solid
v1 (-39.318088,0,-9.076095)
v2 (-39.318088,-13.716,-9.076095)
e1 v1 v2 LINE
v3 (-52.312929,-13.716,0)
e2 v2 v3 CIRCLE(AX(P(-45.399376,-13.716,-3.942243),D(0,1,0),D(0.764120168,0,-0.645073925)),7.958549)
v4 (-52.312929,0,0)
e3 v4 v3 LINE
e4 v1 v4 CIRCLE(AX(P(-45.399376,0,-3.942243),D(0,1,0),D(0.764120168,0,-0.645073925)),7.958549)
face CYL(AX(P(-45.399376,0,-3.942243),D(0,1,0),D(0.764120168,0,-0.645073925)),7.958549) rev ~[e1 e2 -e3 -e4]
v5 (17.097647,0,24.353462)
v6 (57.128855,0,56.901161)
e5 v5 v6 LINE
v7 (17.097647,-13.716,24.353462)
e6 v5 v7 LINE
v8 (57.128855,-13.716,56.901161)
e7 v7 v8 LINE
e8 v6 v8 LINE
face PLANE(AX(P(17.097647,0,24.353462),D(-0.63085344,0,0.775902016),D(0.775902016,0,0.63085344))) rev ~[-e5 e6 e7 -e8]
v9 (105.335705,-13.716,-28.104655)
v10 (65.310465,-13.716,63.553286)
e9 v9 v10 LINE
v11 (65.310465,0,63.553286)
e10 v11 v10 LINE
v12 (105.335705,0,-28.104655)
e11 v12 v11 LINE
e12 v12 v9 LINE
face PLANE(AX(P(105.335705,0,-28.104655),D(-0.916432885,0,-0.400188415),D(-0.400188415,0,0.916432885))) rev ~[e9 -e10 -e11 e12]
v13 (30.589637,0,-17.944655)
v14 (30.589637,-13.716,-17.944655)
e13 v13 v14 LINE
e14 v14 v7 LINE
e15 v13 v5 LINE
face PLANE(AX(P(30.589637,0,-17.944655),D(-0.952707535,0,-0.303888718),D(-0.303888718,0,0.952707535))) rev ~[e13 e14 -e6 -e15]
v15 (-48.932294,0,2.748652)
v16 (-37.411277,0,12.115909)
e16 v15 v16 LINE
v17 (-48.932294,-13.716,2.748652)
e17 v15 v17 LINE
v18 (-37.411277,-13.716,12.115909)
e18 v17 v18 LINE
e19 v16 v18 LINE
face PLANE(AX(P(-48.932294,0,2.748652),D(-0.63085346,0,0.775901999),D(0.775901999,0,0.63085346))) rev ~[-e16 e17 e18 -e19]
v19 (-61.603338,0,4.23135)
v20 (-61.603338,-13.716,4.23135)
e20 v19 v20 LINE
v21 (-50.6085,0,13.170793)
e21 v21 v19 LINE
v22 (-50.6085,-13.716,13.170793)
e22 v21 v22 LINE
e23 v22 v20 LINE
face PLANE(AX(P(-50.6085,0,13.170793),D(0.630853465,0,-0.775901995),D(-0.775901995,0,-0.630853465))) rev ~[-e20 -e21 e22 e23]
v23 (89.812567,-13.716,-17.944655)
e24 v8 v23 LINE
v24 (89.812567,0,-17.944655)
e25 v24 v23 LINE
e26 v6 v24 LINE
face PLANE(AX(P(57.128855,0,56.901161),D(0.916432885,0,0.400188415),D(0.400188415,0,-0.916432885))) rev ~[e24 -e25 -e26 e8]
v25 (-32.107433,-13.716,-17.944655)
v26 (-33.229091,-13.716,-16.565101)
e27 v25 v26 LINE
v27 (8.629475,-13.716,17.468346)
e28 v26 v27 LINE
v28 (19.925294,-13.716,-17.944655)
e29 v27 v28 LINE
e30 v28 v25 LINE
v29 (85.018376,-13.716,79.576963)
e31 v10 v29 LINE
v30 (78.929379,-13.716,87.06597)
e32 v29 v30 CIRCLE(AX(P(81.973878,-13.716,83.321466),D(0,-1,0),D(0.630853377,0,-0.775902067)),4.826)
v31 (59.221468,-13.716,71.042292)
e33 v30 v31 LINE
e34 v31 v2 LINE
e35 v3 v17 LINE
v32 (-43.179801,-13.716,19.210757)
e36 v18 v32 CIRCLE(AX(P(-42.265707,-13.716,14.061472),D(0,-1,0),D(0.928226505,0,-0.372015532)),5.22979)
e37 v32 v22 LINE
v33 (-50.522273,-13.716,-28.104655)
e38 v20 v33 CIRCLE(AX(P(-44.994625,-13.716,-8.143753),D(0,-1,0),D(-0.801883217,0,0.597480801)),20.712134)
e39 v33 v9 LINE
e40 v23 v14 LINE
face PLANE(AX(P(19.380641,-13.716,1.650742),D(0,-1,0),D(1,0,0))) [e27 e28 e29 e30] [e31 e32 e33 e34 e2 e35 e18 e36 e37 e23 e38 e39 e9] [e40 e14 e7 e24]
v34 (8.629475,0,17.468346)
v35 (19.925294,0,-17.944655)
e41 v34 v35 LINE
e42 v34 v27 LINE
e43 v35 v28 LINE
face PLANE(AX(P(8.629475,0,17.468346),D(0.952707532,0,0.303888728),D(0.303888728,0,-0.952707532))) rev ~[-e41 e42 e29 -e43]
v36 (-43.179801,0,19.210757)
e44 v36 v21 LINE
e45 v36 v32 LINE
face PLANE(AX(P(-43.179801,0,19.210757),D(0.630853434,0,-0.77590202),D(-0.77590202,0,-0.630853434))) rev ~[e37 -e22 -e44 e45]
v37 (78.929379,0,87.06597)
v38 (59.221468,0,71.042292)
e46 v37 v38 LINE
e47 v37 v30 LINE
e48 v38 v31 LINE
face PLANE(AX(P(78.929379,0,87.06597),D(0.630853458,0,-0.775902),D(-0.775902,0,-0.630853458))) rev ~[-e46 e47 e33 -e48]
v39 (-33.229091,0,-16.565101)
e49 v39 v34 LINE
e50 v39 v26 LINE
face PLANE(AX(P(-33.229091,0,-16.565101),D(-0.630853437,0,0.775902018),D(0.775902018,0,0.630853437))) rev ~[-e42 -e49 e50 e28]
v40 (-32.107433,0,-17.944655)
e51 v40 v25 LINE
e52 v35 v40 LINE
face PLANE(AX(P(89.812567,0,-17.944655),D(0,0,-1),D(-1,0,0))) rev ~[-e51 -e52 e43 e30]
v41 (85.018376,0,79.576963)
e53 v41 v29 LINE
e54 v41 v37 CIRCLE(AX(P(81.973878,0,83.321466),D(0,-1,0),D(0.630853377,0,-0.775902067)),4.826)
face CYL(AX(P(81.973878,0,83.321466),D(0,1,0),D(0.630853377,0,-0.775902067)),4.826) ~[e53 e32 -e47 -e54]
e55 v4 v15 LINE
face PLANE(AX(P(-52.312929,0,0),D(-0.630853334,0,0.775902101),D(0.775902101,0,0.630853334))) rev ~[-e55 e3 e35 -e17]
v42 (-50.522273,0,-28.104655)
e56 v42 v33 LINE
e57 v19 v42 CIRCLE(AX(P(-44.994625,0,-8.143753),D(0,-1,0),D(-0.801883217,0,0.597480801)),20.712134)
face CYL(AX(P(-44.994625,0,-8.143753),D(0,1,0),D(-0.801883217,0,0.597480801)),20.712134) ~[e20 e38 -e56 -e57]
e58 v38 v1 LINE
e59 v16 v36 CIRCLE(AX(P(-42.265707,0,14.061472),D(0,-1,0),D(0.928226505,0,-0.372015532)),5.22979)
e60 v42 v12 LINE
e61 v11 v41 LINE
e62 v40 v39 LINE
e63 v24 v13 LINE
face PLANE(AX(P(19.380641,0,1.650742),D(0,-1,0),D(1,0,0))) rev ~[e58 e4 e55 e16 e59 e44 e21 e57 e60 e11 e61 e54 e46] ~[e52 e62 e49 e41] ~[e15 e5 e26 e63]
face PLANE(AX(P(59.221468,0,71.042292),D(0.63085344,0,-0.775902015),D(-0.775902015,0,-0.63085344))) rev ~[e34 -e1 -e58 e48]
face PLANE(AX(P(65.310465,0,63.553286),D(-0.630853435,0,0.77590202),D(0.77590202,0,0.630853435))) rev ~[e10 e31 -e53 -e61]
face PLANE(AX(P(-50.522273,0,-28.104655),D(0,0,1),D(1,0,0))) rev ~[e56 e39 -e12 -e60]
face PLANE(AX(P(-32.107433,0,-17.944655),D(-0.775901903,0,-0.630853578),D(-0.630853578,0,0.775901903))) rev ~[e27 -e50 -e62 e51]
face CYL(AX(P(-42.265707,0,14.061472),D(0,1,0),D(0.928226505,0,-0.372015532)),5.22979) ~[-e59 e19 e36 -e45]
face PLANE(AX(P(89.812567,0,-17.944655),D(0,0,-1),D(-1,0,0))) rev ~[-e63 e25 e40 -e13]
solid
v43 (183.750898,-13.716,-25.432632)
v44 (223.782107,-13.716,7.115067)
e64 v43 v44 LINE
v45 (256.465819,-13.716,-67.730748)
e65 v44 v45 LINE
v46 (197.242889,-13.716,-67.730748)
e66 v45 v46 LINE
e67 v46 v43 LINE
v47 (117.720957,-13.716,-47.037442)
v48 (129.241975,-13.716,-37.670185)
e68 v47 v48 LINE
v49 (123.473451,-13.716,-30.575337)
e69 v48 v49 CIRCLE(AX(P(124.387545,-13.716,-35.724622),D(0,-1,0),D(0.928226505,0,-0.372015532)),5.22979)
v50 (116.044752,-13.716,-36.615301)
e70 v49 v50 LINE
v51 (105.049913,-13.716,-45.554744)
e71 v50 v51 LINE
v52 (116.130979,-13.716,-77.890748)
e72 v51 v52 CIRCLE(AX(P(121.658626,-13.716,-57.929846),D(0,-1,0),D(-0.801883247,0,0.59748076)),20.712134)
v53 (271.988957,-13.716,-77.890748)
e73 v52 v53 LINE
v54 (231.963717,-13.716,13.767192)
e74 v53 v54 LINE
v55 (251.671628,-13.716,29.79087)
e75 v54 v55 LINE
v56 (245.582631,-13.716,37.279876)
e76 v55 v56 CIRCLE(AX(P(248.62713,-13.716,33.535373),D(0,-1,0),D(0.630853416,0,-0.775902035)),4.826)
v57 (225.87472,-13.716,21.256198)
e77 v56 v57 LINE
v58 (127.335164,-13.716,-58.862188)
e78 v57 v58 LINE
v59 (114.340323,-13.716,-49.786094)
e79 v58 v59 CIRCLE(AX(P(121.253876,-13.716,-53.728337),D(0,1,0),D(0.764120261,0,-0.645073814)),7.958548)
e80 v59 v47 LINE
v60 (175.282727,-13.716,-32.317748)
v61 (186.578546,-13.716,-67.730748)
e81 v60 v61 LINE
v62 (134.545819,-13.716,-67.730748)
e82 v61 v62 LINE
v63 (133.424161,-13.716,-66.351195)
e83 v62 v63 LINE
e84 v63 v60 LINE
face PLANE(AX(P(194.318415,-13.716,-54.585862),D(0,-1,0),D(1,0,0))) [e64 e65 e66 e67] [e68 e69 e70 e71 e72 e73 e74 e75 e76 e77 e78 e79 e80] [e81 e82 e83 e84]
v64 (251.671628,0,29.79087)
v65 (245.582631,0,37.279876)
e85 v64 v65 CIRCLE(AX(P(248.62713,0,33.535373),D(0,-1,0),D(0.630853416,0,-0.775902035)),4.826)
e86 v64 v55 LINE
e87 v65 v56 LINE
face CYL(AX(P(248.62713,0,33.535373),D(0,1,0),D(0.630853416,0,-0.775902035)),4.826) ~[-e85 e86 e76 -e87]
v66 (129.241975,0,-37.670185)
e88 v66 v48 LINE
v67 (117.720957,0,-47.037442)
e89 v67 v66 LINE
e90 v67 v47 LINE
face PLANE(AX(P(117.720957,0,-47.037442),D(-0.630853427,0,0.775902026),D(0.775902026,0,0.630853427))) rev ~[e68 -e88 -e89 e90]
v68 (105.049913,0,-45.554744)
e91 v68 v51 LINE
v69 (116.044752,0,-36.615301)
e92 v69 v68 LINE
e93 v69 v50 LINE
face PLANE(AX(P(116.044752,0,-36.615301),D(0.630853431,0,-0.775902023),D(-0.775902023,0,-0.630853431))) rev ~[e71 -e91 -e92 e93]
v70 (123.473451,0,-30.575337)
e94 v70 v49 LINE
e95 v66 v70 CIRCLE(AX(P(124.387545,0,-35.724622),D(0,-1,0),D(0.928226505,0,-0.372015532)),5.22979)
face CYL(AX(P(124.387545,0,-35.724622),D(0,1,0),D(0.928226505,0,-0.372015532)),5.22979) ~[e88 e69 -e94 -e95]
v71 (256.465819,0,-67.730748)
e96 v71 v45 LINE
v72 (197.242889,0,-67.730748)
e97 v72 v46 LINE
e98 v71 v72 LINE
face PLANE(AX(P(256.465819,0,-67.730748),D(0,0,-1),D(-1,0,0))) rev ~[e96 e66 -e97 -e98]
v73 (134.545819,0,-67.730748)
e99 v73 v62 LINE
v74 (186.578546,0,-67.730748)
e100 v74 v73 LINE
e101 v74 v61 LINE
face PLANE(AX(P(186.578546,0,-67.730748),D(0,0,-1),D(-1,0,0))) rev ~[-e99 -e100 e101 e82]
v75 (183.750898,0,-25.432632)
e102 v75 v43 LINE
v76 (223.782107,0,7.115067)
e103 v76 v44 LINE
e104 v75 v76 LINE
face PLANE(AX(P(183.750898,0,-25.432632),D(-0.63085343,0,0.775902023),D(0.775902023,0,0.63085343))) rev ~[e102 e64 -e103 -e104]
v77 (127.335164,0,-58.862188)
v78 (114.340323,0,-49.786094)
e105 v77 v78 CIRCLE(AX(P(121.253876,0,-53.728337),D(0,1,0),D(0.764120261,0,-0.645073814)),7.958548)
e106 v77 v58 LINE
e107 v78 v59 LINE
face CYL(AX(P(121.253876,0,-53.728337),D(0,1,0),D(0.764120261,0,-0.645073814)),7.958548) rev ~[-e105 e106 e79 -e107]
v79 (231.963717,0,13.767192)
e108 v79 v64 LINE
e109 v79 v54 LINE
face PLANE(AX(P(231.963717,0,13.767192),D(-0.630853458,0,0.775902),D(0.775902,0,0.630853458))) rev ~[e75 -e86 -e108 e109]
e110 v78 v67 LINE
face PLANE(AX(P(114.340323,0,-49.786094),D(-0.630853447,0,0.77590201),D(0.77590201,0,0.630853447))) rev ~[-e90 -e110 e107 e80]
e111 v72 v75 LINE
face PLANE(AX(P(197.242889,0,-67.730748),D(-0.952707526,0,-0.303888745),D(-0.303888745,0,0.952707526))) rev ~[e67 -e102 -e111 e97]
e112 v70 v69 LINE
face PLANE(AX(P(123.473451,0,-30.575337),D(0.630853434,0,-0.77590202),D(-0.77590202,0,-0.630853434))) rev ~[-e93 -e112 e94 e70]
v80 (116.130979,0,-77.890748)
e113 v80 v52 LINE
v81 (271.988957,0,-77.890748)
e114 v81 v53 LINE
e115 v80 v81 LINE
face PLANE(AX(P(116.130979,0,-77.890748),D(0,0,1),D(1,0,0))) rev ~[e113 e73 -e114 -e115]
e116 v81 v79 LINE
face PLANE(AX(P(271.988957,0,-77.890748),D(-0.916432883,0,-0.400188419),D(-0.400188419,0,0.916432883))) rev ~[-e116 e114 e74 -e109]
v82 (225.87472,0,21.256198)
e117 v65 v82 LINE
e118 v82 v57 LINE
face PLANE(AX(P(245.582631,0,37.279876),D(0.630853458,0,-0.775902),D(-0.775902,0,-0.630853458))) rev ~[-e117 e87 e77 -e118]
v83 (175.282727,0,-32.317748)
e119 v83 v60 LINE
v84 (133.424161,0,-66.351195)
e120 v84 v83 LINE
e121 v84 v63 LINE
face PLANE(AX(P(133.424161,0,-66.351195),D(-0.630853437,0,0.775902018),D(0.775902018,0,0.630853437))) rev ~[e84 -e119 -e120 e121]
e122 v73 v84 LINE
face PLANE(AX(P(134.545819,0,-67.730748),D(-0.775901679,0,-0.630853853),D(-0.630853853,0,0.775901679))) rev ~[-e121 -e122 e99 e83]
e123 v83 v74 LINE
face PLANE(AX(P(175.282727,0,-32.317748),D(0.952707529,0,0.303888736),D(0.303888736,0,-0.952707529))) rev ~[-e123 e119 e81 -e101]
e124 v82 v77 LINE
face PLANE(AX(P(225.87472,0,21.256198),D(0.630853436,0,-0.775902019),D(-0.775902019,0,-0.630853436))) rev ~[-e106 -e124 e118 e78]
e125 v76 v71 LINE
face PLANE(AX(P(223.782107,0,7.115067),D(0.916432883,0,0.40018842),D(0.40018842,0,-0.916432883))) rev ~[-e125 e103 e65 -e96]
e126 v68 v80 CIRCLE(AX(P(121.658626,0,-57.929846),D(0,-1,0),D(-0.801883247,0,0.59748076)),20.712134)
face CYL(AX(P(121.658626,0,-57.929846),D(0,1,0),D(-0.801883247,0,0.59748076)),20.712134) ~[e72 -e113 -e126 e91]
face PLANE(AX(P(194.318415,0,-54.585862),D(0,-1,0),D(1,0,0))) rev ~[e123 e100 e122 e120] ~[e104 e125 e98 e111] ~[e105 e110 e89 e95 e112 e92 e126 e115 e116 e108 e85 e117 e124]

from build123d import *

# Parameters (mm, degrees)
F1_DEPTH = 13.716
F2_DEPTH = 13.716
F3_DEPTH = 13.716
F4_DEPTH = 13.716


with BuildPart() as f1:
    # F0 (on Front) → F1 (new body)
    with BuildSketch(Plane.XZ):
        with BuildLine():
            Line((-33.229091, -16.565101), (-39.318088, -9.076095))
            ThreePointArc((-39.318088, -9.076095), (-49.956463, -10.466923), (-52.312929, 0))
            Line((-52.312929, 0), (-48.932294, 2.748652))
            Line((-48.932294, 2.748652), (-37.411277, 12.115909))
            ThreePointArc((-37.411277, 12.115909), (-38.207902, 17.360703), (-43.179801, 19.210757))
            Line((-43.179801, 19.210757), (-50.6085, 13.170793))
            Line((-50.6085, 13.170793), (-61.603338, 4.23135))
            ThreePointArc((-61.603338, 4.23135), (-64.588219, -14.858184), (-50.522273, -28.104655))
            Line((-50.522273, -28.104655), (-44.243115, -28.104655))
            Line((-44.243115, -28.104655), (105.335705, -28.104655))
            Line((105.335705, -28.104655), (65.310465, 63.553286))
            Line((65.310465, 63.553286), (57.128855, 56.901161))
            Line((57.128855, 56.901161), (89.812567, -17.944655))
            Line((89.812567, -17.944655), (30.589637, -17.944655))
            Line((30.589637, -17.944655), (19.925294, -17.944655))
            Line((19.925294, -17.944655), (-32.107433, -17.944655))
            Line((-32.107433, -17.944655), (-33.229091, -16.565101))
        make_face()
    extrude(amount=F1_DEPTH)

    # F0 (on Front) → F2 (join)
    with BuildSketch(Plane.XZ):
        Polygon((59.221468, 71.042292), (-39.318088, -9.076095), (-33.229091, -16.565101), (8.629475, 17.468346), (17.097647, 24.353462), (57.128855, 56.901161), (65.310465, 63.553286), align=None)
        with BuildLine():
            Line((78.929379, 87.06597), (59.221468, 71.042292))
            Line((59.221468, 71.042292), (65.310465, 63.553286))
            Line((65.310465, 63.553286), (85.018376, 79.576963))
            ThreePointArc((85.018376, 79.576963), (85.718381, 86.365965), (78.929379, 87.06597))
        make_face()
    extrude(amount=F2_DEPTH)

    # F0 (on Front) → F3 (join)
    with BuildSketch(Plane.XZ):
        Polygon((17.097647, 24.353462), (8.629475, 17.468346), (19.925294, -17.944655), (30.589637, -17.944655), align=None)
    extrude(amount=F3_DEPTH)


with BuildPart() as f4:
    # F0 (on Front) → F4 (new body)
    with BuildSketch(Plane.XZ):
        with BuildLine():
            Line((133.424161, -66.351195), (127.335164, -58.862188))
            ThreePointArc((127.335164, -58.862188), (116.696789, -60.253017), (114.340323, -49.786094))
            Line((114.340323, -49.786094), (117.720957, -47.037442))
            Line((117.720957, -47.037442), (129.241975, -37.670185))
            ThreePointArc((129.241975, -37.670185), (128.44535, -32.425391), (123.473451, -30.575337))
            Line((123.473451, -30.575337), (116.044752, -36.615301))
            Line((116.044752, -36.615301), (105.049913, -45.554744))
            ThreePointArc((105.049913, -45.554744), (102.065033, -64.644278), (116.130979, -77.890748))
            Line((116.130979, -77.890748), (122.410137, -77.890748))
            Line((122.410137, -77.890748), (271.988957, -77.890748))
            Line((271.988957, -77.890748), (231.963717, 13.767192))
            Line((231.963717, 13.767192), (223.782107, 7.115067))
            Line((223.782107, 7.115067), (256.465819, -67.730748))
            Line((256.465819, -67.730748), (197.242889, -67.730748))
            Line((197.242889, -67.730748), (186.578546, -67.730748))
            Line((186.578546, -67.730748), (134.545819, -67.730748))
            Line((134.545819, -67.730748), (133.424161, -66.351195))
        make_face()
        Polygon((225.87472, 21.256198), (127.335164, -58.862188), (133.424161, -66.351195), (175.282727, -32.317748), (183.750898, -25.432632), (223.782107, 7.115067), (231.963717, 13.767192), align=None)
        Polygon((183.750898, -25.432632), (175.282727, -32.317748), (186.578546, -67.730748), (197.242889, -67.730748), align=None)
        with BuildLine():
            Line((245.582631, 37.279876), (225.87472, 21.256198))
            Line((225.87472, 21.256198), (231.963717, 13.767192))
            Line((231.963717, 13.767192), (251.671628, 29.79087))
            ThreePointArc((251.671628, 29.79087), (252.371633, 36.579871), (245.582631, 37.279876))
        make_face()
    extrude(amount=F4_DEPTH)


solid = Compound([f1.part, f4.part])
